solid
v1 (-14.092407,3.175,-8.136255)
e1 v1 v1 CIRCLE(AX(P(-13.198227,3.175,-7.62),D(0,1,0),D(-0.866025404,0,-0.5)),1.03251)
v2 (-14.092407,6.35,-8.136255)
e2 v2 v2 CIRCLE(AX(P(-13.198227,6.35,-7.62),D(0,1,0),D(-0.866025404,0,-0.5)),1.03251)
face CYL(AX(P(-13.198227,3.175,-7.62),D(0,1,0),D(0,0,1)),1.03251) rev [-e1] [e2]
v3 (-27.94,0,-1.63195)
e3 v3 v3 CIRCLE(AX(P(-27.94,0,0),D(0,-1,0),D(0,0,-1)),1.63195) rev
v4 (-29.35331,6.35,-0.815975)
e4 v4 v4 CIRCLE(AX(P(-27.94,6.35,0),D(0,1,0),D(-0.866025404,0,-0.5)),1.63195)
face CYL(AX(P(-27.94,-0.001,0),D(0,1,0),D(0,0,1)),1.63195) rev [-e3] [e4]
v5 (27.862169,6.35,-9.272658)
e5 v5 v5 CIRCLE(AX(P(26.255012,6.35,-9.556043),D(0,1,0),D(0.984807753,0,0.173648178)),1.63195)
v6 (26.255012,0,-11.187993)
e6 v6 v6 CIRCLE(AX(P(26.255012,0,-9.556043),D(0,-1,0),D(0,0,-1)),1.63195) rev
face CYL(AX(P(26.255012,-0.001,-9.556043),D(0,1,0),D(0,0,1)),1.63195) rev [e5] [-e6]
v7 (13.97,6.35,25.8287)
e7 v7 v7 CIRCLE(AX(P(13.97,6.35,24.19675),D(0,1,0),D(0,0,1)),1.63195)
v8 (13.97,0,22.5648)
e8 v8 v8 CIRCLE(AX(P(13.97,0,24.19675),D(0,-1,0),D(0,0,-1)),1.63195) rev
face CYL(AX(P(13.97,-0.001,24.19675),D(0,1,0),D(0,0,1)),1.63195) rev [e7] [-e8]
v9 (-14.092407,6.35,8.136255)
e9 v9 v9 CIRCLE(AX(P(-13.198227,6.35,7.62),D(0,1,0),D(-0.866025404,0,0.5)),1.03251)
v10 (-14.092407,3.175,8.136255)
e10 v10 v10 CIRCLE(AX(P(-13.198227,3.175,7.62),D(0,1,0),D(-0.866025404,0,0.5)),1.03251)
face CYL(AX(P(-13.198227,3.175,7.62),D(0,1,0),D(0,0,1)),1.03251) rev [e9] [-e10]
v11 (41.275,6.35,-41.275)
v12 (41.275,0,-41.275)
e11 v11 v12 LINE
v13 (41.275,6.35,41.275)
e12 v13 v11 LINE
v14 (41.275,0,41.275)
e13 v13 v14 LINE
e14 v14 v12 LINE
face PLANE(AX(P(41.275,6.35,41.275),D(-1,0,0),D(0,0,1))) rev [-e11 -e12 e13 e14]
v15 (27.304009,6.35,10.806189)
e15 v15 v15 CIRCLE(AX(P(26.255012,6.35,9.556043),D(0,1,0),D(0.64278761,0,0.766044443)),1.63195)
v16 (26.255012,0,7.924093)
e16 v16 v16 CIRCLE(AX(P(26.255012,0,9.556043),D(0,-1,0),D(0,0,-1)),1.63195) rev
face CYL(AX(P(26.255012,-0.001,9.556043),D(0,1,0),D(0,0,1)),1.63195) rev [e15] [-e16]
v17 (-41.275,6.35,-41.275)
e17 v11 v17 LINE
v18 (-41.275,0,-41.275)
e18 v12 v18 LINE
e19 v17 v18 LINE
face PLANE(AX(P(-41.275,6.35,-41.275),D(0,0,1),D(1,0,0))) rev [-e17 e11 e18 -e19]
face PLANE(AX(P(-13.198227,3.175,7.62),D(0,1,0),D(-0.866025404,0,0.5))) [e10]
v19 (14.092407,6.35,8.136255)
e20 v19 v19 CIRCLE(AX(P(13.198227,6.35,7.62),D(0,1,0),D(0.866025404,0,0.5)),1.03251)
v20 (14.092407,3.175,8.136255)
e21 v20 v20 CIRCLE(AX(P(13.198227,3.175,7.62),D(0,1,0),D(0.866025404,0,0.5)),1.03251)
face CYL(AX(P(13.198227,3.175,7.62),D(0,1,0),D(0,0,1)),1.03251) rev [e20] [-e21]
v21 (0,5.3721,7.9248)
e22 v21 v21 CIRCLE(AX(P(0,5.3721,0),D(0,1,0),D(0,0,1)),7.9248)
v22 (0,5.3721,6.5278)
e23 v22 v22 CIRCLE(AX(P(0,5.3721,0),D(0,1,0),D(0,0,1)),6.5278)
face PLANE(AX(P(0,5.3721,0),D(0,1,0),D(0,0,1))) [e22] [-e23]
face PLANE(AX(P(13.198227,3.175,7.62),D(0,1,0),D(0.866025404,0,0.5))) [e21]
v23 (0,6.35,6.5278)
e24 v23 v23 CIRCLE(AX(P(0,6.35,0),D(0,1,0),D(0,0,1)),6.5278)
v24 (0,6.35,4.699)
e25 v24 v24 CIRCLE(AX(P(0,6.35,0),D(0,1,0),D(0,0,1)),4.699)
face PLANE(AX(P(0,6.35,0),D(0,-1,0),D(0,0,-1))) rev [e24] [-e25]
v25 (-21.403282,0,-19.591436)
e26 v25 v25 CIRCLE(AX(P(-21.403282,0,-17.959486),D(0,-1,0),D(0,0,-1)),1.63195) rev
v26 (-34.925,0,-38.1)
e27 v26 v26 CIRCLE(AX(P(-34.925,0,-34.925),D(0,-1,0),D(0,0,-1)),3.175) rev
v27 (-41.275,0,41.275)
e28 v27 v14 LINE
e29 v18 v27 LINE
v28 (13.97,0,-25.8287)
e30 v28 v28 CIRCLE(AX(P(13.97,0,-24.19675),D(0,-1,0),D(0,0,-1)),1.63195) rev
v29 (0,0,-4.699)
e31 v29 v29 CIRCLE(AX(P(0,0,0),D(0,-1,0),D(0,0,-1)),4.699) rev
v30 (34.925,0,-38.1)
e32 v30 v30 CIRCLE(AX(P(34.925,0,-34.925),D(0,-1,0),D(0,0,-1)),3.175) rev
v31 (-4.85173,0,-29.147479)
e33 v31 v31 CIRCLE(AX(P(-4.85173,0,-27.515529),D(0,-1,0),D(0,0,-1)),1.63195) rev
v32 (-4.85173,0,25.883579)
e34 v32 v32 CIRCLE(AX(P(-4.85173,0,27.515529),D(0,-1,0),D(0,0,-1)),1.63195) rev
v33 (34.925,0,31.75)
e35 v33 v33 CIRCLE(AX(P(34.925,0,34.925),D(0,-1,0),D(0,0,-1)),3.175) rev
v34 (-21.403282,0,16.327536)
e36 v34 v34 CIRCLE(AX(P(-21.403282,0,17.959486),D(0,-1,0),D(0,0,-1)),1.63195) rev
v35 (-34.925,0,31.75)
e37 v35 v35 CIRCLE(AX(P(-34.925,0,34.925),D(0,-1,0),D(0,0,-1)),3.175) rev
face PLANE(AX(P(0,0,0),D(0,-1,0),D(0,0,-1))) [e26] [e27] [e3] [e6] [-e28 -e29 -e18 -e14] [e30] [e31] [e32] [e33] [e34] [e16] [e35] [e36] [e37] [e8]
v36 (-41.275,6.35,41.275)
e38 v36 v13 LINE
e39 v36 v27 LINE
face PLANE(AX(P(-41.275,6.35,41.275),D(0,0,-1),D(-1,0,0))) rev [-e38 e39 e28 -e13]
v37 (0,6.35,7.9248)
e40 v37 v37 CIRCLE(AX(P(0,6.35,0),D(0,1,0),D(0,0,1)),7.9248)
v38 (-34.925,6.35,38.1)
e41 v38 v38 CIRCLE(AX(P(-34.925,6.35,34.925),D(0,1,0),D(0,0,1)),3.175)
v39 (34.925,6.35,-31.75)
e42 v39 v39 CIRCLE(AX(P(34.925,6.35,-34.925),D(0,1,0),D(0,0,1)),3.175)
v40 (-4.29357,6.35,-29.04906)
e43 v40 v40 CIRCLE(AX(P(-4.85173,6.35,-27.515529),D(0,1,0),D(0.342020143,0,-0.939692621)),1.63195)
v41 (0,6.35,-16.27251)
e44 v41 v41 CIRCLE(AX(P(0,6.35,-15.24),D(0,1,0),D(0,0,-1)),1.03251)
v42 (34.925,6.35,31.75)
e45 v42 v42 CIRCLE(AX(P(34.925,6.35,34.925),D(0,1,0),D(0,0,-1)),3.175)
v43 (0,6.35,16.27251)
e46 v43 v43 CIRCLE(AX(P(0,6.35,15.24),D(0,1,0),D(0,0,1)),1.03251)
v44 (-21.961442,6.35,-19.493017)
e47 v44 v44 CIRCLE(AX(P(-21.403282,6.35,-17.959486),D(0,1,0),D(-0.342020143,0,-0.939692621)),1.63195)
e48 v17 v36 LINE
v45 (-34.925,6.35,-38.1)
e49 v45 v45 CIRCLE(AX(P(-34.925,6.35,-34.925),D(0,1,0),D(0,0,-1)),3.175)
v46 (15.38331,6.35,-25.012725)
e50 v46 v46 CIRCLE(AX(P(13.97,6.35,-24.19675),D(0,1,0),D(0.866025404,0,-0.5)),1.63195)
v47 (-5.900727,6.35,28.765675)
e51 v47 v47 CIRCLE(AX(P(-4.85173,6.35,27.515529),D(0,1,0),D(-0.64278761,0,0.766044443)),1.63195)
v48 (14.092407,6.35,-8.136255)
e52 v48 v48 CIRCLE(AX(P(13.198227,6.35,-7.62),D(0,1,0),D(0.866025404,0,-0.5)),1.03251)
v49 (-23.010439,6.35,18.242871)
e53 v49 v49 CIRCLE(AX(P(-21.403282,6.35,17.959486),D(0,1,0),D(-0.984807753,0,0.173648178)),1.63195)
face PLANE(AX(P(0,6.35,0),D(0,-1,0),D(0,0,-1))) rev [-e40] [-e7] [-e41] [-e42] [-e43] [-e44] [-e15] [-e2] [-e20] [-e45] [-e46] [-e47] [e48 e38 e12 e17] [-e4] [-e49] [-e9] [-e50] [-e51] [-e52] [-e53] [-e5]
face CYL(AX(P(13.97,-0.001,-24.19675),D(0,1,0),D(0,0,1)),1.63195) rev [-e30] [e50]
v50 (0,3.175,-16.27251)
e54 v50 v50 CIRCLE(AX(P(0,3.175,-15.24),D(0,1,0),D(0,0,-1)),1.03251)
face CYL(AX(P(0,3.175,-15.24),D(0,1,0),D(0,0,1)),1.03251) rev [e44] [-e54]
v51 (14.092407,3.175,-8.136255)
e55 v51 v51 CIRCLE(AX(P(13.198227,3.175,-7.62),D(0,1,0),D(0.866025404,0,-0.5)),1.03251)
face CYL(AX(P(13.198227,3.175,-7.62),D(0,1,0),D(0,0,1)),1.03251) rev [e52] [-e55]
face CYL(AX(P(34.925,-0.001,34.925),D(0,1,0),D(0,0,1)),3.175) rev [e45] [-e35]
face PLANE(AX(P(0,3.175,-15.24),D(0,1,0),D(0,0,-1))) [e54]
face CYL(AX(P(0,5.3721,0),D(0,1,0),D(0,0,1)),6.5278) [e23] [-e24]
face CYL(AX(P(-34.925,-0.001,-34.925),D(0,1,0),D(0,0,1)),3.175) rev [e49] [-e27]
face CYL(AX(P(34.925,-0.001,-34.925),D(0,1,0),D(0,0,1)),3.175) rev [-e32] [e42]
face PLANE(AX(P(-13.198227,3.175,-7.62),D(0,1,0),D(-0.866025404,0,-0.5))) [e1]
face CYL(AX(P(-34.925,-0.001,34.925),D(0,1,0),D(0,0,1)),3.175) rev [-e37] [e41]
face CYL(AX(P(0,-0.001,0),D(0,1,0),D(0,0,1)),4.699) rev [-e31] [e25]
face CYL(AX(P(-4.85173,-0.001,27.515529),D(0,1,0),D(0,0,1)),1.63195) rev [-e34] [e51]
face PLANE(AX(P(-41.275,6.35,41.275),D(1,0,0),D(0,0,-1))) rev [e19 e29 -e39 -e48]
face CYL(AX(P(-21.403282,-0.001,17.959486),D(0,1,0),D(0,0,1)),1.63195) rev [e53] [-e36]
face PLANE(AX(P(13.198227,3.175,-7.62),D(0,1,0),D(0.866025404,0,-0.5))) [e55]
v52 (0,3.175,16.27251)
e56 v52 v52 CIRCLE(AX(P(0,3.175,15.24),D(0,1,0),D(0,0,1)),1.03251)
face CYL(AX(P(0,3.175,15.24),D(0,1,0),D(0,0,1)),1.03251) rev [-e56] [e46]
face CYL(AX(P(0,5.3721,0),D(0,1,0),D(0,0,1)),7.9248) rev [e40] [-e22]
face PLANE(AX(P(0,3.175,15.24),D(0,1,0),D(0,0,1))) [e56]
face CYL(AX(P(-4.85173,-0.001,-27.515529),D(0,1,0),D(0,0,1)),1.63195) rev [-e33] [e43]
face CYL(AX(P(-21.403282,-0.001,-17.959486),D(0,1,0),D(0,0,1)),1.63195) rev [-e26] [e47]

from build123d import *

# Parameters (mm, degrees)
SKETCH1_W           = 82.55
SKETCH1_H           = 82.55
BOSS_EXTRUDE1_DEPTH = 6.35
CUT_EXTRUDE1_REACH  = 60.716
SKETCH2_R           = 4.699
SKETCH4_R           = 7.9248
SKETCH4_R_2         = 6.5278
CUT_EXTRUDE3_DEPTH  = 0.9779
SKETCH5_R           = 1.03251
CUT_EXTRUDE4_DEPTH  = 3.175
CIRPATTERN1_COUNT   = 6
CUT_EXTRUDE5_REACH  = 60.716
SKETCH6_R           = 1.63195
CIRPATTERN2_COUNT   = 9
CUT_EXTRUDE6_REACH  = 60.716
SKETCH7_R           = 3.175


with BuildPart() as part:
    # Sketch1 → Boss-Extrude1 (new body)
    with BuildSketch(Plane(origin=(0, 0, 0), x_dir=(1, 0, 0), z_dir=(0, 1, 0))):
        Rectangle(SKETCH1_W, SKETCH1_H)
    extrude(amount=BOSS_EXTRUDE1_DEPTH)

    # Sketch2 → Cut-Extrude1 (cut, up to next)
    with BuildSketch(Plane(origin=(0, 6.35, 0), x_dir=(1, 0, 0), z_dir=(0, 1, 0)), mode=Mode.PRIVATE) as cut_extrude1_sk1:
        with Locations(Location((0, 0, 0), (0, 0, 270))):
            Circle(SKETCH2_R)
    cut_extrude1_tool1 = extrude(cut_extrude1_sk1.sketch, amount=-CUT_EXTRUDE1_REACH, mode=Mode.PRIVATE) & part.part
    add(cut_extrude1_tool1.solids().sort_by_distance((0, 6.35, 0))[0], mode=Mode.SUBTRACT)

    # Sketch4 → Cut-Extrude3 (cut)
    with BuildSketch(Plane(origin=(0, 6.35, 0), x_dir=(1, 0, 0), z_dir=(0, 1, 0))):
        with Locations(Location((0, 0, 0), (0, 0, 270))):
            Circle(SKETCH4_R)
        with Locations(Location((0, 0, 0), (0, 0, 270))):
            Circle(SKETCH4_R_2, mode=Mode.SUBTRACT)
    extrude(amount=-CUT_EXTRUDE3_DEPTH, mode=Mode.SUBTRACT)

    # Sketch5 → Cut-Extrude4 (cut)
    with BuildSketch(Plane(origin=(0, 6.35, 0), x_dir=(1, 0, 0), z_dir=(0, 1, 0))):
        with Locations(Location((0, -15.24, 0), (0, 0, 270))):
            Circle(SKETCH5_R)
    cut_extrude4 = extrude(amount=-CUT_EXTRUDE4_DEPTH, mode=Mode.SUBTRACT)

    # CirPattern1: Cut-Extrude4 ×6 about axis
    cirpattern1_axis = Axis((0, 0, 0), (0, 1, 0))
    for i in range(1, CIRPATTERN1_COUNT):
        add(cut_extrude4.rotate(cirpattern1_axis, i * 360 / CIRPATTERN1_COUNT), mode=Mode.SUBTRACT)

    # Sketch6 → Cut-Extrude5 (cut, up to next)
    with BuildSketch(Plane(origin=(0, 6.35, 0), x_dir=(1, 0, 0), z_dir=(0, 1, 0)), mode=Mode.PRIVATE) as cut_extrude5_sk1:
        with Locations(Location((13.97, -24.196749782, 0), (0, 0, 270))):
            Circle(SKETCH6_R)
    cut_extrude5_tool1 = extrude(cut_extrude5_sk1.sketch, amount=-CUT_EXTRUDE5_REACH, mode=Mode.PRIVATE) & part.part
    cut_extrude5 = cut_extrude5_tool1.solids().sort_by_distance((13.97, 6.35, 24.19675))[0]
    add(cut_extrude5, mode=Mode.SUBTRACT)

    # CirPattern2: Cut-Extrude5 ×9 about axis
    cirpattern2_axis = Axis((0, 0, 0), (0, 1, 0))
    for i in range(1, CIRPATTERN2_COUNT):
        add(cut_extrude5.rotate(cirpattern2_axis, i * 360 / CIRPATTERN2_COUNT), mode=Mode.SUBTRACT)

    # Sketch7 → Cut-Extrude6 (cut, up to next)
    with BuildSketch(Plane(origin=(0, 6.35, 0), x_dir=(1, 0, 0), z_dir=(0, 1, 0)), mode=Mode.PRIVATE) as cut_extrude6_sk1:
        with Locations(Location((34.925, 34.925, 0), (0, 0, 270))):
            Circle(SKETCH7_R)
    cut_extrude6_tool1 = extrude(cut_extrude6_sk1.sketch, amount=-CUT_EXTRUDE6_REACH, mode=Mode.PRIVATE) & part.part
    # Sketch7 → Cut-Extrude6 (cut, up to next)
    with BuildSketch(Plane(origin=(0, 6.35, 0), x_dir=(1, 0, 0), z_dir=(0, 1, 0)), mode=Mode.PRIVATE) as cut_extrude6_sk2:
        with Locations(Location((34.925, -34.925, 0), (0, 0, 90))):
            Circle(SKETCH7_R)
    cut_extrude6_tool2 = extrude(cut_extrude6_sk2.sketch, amount=-CUT_EXTRUDE6_REACH, mode=Mode.PRIVATE) & part.part
    # Sketch7 → Cut-Extrude6 (cut, up to next)
    with BuildSketch(Plane(origin=(0, 6.35, 0), x_dir=(1, 0, 0), z_dir=(0, 1, 0)), mode=Mode.PRIVATE) as cut_extrude6_sk3:
        with Locations(Location((-34.925, -34.925, 0), (0, 0, 270))):
            Circle(SKETCH7_R)
    cut_extrude6_tool3 = extrude(cut_extrude6_sk3.sketch, amount=-CUT_EXTRUDE6_REACH, mode=Mode.PRIVATE) & part.part
    # Sketch7 → Cut-Extrude6 (cut, up to next)
    with BuildSketch(Plane(origin=(0, 6.35, 0), x_dir=(1, 0, 0), z_dir=(0, 1, 0)), mode=Mode.PRIVATE) as cut_extrude6_sk4:
        with Locations(Location((-34.925, 34.925, 0), (0, 0, 90))):
            Circle(SKETCH7_R)
    cut_extrude6_tool4 = extrude(cut_extrude6_sk4.sketch, amount=-CUT_EXTRUDE6_REACH, mode=Mode.PRIVATE) & part.part
    add(cut_extrude6_tool1.solids().sort_by_distance((34.925, 6.35, -34.925))[0], mode=Mode.SUBTRACT)
    add(cut_extrude6_tool2.solids().sort_by_distance((34.925, 6.35, 34.925))[0], mode=Mode.SUBTRACT)
    add(cut_extrude6_tool3.solids().sort_by_distance((-34.925, 6.35, 34.925))[0], mode=Mode.SUBTRACT)
    add(cut_extrude6_tool4.solids().sort_by_distance((-34.925, 6.35, -34.925))[0], mode=Mode.SUBTRACT)


solid = part.part
